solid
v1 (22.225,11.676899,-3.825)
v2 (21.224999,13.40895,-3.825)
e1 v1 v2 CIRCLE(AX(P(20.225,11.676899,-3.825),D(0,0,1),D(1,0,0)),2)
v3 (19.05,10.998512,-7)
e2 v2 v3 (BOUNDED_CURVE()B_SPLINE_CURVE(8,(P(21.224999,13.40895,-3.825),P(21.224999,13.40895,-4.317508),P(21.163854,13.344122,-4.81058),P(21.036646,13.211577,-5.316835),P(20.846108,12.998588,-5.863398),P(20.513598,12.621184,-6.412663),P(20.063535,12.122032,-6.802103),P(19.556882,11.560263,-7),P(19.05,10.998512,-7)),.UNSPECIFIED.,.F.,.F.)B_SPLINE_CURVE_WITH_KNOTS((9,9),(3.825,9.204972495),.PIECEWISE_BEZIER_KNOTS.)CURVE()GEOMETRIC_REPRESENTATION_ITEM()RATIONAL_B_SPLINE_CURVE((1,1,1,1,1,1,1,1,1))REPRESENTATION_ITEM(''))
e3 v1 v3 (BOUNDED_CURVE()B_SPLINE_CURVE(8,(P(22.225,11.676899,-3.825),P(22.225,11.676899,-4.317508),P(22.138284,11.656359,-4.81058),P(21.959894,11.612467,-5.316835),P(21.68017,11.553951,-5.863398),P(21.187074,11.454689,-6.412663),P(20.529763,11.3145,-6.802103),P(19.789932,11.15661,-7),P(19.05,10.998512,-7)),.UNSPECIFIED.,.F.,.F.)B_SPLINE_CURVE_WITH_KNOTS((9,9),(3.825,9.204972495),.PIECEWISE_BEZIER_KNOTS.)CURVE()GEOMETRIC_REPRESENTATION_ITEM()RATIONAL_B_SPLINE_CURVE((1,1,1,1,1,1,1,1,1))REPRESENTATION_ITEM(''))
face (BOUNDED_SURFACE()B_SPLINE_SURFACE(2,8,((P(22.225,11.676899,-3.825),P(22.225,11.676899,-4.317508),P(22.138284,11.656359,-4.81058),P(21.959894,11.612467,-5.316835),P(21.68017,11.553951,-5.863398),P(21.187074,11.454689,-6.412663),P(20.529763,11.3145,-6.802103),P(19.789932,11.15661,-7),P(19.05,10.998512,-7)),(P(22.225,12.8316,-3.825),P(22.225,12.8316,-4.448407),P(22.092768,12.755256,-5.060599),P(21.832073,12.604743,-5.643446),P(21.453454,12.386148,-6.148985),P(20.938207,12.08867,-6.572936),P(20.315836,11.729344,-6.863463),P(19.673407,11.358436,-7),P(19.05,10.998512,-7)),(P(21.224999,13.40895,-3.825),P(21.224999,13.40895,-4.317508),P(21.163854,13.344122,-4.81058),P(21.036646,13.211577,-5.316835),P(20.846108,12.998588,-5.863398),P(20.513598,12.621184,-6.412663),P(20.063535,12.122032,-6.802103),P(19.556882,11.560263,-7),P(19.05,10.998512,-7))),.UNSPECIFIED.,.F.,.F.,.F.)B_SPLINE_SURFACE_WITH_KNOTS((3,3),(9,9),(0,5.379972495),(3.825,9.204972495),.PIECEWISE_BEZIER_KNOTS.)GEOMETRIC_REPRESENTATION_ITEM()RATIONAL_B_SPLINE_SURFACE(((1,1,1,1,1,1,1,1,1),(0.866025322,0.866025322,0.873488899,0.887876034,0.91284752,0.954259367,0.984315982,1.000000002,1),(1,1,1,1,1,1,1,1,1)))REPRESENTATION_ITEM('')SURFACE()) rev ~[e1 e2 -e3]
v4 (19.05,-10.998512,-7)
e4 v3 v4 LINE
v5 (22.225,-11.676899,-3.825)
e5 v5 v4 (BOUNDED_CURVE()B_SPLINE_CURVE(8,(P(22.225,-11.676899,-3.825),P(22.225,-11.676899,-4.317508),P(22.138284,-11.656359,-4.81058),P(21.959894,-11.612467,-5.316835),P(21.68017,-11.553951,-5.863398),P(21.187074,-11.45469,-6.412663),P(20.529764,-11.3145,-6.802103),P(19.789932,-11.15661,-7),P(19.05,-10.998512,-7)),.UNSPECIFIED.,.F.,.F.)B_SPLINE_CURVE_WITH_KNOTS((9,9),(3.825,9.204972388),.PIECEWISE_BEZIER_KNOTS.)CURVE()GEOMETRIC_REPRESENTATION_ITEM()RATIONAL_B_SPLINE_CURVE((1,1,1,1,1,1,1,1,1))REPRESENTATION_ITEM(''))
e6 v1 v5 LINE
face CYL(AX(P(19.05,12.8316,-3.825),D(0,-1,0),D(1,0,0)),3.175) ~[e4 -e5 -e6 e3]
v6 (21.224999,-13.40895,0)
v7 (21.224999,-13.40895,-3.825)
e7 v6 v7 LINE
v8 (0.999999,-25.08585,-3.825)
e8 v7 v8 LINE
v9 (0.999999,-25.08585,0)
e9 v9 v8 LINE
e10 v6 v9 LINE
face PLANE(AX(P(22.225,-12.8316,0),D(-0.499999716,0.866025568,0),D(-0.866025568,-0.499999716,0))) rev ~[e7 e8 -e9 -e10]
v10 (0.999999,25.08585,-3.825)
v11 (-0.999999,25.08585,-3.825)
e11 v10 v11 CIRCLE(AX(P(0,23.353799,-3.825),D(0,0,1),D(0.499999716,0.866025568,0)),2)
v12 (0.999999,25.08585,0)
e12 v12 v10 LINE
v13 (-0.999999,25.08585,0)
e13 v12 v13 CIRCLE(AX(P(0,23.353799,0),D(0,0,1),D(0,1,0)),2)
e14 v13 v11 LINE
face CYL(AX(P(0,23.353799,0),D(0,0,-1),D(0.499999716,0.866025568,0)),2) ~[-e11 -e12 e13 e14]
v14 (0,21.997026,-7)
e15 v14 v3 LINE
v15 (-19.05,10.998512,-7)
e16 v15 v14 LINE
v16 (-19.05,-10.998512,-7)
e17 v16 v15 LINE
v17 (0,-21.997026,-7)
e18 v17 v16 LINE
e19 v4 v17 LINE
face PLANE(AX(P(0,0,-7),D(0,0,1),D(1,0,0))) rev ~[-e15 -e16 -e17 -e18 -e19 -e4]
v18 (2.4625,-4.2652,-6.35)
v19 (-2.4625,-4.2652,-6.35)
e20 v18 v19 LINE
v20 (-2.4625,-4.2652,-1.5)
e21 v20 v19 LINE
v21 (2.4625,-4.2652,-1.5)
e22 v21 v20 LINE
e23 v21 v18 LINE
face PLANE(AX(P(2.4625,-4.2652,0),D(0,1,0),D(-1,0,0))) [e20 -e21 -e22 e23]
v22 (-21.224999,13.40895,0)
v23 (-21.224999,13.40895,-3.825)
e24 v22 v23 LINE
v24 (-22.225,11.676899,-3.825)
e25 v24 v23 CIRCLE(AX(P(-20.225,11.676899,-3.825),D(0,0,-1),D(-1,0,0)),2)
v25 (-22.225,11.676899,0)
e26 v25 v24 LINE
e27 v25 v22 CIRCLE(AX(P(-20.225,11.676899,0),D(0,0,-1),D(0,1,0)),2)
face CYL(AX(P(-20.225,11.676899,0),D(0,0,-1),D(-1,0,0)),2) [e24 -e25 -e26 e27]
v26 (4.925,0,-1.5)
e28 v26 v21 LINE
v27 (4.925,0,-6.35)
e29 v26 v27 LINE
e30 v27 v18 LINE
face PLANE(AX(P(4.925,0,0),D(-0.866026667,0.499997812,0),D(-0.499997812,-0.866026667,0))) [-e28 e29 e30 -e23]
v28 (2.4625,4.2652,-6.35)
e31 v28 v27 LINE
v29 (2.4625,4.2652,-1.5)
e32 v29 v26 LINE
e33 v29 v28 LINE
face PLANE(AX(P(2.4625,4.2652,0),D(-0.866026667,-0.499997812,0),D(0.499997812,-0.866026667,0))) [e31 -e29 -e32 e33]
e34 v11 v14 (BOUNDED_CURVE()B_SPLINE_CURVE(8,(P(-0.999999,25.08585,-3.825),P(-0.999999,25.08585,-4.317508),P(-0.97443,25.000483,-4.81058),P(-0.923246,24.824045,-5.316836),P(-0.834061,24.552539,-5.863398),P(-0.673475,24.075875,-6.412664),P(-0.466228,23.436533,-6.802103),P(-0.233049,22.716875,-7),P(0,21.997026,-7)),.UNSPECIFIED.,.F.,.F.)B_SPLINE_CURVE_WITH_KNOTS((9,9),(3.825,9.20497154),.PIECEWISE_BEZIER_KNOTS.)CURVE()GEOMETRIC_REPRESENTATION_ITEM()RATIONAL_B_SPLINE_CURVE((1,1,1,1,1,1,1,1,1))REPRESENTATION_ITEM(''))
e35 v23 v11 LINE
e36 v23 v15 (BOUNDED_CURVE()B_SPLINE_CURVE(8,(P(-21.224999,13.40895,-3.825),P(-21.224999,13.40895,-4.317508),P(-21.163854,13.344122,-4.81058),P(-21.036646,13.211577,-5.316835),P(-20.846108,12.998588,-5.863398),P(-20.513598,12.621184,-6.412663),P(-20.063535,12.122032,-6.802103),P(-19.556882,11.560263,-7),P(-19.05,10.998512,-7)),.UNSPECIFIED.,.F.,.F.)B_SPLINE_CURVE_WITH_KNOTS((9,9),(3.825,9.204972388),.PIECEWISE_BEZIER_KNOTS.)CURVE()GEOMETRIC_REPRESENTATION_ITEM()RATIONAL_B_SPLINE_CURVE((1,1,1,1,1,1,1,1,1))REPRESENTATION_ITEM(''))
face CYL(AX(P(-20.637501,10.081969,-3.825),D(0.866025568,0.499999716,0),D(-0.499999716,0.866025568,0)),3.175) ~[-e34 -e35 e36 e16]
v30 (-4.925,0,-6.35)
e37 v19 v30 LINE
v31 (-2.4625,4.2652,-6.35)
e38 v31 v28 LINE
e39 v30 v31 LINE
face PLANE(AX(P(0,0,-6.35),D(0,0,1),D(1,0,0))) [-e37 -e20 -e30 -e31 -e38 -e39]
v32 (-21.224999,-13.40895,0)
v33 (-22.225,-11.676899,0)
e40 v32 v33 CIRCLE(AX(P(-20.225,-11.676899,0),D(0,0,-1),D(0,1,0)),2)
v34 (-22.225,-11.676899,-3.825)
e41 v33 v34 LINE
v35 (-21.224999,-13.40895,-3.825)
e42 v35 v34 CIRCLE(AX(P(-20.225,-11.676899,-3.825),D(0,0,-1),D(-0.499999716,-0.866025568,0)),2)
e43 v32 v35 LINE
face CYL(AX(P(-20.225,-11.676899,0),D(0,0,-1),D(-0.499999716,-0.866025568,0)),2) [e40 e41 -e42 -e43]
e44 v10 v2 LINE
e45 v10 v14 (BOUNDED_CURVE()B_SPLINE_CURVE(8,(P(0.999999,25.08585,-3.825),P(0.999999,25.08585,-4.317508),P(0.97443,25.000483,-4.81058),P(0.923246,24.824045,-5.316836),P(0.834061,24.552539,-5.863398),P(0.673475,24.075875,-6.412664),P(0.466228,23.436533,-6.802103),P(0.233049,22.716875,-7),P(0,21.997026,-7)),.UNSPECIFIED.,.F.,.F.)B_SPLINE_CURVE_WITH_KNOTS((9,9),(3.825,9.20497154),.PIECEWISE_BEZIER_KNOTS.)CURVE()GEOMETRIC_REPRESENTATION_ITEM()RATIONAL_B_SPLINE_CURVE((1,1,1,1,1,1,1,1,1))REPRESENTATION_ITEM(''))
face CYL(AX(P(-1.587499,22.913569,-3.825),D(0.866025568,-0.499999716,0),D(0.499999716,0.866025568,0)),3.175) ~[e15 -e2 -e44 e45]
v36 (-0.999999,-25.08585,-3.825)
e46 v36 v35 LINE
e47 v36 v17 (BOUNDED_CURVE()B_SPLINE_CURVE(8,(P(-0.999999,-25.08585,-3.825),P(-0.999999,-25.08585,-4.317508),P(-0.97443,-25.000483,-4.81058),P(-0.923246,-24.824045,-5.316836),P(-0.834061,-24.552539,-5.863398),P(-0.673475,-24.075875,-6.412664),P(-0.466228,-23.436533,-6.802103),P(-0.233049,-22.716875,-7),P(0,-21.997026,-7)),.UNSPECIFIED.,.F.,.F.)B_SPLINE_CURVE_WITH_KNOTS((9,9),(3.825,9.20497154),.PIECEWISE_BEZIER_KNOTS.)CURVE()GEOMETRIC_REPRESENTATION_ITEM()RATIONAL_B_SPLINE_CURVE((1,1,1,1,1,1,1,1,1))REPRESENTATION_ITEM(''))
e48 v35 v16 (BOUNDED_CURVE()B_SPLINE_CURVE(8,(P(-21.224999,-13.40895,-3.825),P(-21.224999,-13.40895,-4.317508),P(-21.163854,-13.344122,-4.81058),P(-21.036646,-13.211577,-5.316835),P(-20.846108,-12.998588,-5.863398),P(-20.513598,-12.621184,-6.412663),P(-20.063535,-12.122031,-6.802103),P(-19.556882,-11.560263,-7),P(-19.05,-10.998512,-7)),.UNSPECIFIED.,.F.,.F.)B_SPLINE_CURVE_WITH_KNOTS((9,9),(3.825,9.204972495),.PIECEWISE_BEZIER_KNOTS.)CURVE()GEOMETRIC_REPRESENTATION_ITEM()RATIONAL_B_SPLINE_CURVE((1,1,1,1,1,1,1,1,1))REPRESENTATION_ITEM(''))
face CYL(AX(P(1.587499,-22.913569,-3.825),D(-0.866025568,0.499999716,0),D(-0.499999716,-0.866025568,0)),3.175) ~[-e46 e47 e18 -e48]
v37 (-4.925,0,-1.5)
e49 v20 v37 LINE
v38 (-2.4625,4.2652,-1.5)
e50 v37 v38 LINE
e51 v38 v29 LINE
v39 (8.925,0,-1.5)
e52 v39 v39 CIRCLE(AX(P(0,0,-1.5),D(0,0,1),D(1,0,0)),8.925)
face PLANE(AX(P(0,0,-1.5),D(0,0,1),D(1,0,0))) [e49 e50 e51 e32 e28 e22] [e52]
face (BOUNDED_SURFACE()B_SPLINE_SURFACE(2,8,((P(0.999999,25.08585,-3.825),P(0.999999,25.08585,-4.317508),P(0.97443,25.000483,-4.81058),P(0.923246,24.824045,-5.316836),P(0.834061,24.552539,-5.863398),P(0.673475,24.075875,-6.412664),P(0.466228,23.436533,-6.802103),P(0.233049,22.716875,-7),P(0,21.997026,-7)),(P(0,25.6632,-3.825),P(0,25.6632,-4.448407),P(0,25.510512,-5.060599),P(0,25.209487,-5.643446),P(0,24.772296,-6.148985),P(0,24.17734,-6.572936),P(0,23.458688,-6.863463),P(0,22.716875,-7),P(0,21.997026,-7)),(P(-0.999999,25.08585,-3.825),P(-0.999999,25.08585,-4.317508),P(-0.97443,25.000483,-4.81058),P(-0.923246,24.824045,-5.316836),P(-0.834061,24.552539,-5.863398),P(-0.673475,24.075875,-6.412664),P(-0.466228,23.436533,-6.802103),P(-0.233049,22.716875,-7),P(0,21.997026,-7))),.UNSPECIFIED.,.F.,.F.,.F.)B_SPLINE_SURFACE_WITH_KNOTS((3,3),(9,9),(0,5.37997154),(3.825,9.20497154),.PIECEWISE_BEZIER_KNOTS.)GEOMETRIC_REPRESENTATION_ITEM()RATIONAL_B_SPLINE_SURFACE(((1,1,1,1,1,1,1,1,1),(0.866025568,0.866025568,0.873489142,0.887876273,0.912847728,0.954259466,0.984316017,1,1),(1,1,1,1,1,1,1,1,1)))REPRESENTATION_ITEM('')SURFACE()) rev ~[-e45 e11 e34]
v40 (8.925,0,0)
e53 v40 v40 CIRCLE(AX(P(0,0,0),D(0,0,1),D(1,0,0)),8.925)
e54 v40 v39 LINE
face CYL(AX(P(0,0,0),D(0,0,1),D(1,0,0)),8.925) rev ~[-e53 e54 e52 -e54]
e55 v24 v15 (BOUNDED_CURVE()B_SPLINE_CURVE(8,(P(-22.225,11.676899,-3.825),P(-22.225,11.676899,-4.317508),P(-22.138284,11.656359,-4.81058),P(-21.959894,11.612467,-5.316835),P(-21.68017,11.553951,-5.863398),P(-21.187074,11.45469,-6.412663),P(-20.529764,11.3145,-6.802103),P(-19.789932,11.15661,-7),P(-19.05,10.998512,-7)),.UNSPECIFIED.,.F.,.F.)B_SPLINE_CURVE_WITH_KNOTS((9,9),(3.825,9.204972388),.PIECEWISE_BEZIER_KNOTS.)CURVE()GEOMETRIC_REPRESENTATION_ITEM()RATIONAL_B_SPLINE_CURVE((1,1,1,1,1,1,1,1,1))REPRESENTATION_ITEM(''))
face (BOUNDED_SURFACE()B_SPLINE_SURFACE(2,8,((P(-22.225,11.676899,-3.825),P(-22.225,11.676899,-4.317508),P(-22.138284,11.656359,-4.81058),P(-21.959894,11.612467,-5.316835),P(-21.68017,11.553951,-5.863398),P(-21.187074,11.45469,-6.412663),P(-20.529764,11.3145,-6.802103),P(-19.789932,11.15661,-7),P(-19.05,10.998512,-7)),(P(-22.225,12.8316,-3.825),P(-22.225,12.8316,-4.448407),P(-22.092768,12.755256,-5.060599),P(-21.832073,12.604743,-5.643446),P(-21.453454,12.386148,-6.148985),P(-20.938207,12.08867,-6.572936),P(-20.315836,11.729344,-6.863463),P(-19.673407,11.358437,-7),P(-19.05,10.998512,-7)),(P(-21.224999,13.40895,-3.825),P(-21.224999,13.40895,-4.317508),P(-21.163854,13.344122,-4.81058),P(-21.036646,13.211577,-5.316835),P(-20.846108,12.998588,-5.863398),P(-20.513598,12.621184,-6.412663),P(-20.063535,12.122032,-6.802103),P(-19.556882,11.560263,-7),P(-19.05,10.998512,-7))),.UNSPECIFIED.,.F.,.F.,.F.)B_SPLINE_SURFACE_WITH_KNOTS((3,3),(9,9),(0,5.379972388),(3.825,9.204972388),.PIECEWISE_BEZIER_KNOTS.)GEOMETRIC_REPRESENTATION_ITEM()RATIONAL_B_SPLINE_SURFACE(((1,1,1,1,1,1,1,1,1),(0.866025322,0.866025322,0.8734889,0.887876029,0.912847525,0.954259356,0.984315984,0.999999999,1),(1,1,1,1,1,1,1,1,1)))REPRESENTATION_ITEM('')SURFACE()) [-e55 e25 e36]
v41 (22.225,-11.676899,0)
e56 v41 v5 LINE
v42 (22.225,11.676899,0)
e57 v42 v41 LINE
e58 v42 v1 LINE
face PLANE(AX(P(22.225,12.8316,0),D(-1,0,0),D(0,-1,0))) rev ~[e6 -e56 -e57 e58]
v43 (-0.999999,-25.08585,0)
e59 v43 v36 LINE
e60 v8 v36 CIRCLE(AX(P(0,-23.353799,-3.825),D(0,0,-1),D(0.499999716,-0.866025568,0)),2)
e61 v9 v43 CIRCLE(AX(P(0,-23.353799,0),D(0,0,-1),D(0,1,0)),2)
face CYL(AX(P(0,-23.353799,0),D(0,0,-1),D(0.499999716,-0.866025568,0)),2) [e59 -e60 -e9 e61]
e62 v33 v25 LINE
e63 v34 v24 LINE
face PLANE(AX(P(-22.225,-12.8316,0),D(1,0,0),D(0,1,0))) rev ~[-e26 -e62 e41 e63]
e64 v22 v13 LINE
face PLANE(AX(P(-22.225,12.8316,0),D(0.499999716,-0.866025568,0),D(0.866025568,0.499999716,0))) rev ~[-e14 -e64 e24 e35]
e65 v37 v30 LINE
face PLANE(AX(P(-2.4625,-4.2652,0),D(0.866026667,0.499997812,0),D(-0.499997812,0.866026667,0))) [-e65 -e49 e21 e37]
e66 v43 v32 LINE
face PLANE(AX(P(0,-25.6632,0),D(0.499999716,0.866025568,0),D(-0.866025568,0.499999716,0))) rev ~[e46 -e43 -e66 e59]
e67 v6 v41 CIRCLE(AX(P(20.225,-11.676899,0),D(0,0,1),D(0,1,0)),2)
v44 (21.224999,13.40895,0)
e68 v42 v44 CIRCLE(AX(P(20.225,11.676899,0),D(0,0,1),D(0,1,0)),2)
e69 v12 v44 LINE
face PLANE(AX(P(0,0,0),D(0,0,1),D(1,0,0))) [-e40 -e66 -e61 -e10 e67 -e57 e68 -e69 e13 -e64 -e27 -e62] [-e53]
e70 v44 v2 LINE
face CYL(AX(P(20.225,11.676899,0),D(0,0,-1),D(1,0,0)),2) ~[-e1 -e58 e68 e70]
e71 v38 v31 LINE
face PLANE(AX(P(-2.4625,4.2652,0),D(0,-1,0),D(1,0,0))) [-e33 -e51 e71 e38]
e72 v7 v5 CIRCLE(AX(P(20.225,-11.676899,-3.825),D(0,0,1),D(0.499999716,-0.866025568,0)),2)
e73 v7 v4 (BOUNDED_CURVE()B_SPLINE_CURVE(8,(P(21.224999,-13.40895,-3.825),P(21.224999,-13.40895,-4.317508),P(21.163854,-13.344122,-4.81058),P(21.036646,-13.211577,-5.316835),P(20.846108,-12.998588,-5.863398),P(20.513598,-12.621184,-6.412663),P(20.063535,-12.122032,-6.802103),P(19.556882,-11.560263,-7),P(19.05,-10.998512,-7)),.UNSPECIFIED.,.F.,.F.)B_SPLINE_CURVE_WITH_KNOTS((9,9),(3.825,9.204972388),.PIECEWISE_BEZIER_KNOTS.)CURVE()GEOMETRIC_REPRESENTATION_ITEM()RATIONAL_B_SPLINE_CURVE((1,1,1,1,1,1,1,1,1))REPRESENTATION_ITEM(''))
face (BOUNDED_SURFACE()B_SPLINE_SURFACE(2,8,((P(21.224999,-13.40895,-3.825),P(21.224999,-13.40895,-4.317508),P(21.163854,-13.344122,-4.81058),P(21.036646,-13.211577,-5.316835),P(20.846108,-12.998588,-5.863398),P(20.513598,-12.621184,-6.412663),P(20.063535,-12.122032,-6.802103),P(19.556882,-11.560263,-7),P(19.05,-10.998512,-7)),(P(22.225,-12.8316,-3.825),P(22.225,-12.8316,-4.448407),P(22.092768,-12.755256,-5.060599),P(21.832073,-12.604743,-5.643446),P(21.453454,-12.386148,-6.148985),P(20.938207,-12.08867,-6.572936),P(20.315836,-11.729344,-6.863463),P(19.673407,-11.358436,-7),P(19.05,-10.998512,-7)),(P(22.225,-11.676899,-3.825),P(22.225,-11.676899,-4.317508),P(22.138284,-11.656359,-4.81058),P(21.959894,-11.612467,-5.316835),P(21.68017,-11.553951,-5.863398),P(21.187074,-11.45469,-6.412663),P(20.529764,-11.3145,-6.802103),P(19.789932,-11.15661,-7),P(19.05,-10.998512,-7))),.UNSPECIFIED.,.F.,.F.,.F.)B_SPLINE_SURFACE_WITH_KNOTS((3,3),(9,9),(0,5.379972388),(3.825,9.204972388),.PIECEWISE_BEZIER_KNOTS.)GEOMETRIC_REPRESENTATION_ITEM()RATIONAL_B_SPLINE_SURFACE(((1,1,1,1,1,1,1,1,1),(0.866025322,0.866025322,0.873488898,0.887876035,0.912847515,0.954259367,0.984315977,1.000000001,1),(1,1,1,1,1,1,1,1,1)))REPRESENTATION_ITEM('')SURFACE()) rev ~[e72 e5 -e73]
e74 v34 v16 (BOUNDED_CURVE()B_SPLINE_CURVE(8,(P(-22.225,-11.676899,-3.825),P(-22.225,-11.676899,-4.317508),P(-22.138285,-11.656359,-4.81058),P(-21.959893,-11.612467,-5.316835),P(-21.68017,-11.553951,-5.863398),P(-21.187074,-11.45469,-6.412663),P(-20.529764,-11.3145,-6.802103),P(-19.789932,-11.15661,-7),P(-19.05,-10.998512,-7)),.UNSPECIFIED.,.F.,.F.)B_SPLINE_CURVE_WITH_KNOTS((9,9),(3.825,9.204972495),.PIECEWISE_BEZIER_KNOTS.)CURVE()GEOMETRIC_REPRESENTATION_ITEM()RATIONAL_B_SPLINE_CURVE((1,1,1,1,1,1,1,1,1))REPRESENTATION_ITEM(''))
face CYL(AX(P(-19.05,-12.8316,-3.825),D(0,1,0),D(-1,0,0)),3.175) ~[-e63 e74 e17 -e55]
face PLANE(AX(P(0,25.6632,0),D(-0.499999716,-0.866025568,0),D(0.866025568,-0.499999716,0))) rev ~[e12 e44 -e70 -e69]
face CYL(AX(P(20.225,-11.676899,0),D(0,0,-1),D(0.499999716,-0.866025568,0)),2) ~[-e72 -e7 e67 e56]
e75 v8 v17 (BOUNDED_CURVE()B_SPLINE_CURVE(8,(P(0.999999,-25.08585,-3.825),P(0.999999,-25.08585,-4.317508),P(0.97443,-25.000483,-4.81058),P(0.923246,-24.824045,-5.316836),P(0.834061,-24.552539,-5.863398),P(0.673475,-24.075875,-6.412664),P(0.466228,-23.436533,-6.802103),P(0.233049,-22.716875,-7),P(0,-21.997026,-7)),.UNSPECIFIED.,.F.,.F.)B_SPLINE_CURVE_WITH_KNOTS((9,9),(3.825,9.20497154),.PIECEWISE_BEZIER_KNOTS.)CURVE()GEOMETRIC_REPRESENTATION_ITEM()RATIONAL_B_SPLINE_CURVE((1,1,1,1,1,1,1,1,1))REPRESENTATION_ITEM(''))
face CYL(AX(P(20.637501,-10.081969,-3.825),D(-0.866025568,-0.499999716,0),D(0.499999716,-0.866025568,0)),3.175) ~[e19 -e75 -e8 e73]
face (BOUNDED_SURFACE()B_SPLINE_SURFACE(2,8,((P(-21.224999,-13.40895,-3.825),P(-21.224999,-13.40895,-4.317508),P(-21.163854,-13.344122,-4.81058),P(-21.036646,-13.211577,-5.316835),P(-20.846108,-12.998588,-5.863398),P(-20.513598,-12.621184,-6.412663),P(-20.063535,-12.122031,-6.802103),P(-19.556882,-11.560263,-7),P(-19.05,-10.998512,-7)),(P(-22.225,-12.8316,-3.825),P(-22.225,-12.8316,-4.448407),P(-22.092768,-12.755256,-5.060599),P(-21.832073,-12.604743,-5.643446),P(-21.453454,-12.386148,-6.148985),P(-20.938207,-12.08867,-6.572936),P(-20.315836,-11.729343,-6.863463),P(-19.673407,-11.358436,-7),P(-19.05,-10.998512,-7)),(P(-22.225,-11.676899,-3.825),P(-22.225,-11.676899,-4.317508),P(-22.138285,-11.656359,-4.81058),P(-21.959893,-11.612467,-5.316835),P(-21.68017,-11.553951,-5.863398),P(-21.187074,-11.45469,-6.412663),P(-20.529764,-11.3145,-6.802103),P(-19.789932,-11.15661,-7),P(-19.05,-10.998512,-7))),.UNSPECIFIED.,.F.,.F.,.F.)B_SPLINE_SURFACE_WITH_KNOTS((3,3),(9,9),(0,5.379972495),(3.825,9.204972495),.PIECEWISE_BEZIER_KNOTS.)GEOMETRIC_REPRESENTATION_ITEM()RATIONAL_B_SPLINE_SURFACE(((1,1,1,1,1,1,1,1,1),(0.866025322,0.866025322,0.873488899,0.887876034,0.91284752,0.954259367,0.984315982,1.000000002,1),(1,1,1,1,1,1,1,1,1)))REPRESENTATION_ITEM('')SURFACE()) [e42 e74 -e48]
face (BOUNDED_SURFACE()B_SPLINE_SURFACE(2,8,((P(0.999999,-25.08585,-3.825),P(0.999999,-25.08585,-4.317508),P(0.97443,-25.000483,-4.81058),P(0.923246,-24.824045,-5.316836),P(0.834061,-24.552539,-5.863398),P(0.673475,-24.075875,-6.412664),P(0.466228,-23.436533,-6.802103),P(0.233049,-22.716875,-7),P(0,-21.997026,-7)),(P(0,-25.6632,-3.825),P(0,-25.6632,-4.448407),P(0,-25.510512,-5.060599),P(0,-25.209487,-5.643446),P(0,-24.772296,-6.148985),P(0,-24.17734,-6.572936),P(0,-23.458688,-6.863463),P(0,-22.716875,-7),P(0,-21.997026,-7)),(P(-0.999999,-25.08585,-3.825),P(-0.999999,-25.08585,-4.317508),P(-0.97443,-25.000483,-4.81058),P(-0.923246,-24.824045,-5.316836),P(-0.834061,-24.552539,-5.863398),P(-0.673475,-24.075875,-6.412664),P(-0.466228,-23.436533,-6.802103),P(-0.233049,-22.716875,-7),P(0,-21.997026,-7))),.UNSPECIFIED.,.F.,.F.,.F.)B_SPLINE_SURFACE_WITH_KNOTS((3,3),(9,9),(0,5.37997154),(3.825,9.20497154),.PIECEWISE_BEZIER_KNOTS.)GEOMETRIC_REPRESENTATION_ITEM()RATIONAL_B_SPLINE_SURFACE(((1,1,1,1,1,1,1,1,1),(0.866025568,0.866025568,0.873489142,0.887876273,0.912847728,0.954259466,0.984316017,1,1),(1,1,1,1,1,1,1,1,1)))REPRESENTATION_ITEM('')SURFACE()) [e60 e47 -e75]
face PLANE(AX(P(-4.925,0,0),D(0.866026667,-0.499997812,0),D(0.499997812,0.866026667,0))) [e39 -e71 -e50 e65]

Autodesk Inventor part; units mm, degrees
ref_plane "YZ Plane" through (0, 0, 0) normal (1, 0, 0) x (0, 1, 0)
ref_plane "XZ Plane" through (0, 0, 0) normal (0, 1, 0) x (-1, 0, 0)
ref_plane "XY Plane" through (0, 0, 0) normal (0, 0, 1) x (1, 0, 0)
sketch "BaseProfile" plane through (0, 0, 0) normal (0, 0, 1) x (1, 0, 0)
  circle A0 centre (0, 0) radius 4.925
  circle A1 centre (0, 0) radius 8.925
  line L0 (22.225, -12.8316) -> (0, -25.6632)
  line L1 (0, -25.6632) -> (-22.225, -12.8316)
  line L2 (-22.225, -12.8316) -> (-22.225, 12.8316)
  line L3 (-22.225, 12.8316) -> (0, 25.6632)
  line L4 (0, 25.6632) -> (22.225, 12.8316)
  line L5 (22.225, 12.8316) -> (22.225, -12.8316)
  line L6 (0, -35.9285) -> (0, 35.9285) construction
  line L7 (2.4625, 4.2652) -> (4.925, 0)
  line L8 (4.925, 0) -> (2.4625, -4.2652)
  line L9 (2.4625, -4.2652) -> (-2.4625, -4.2652)
  line L10 (-2.4625, -4.2652) -> (-4.925, 0)
  line L11 (-4.925, 0) -> (-2.4625, 4.2652)
  line L12 (-2.4625, 4.2652) -> (2.4625, 4.2652)
  dimension "d0" = 9.85
  dimension "d1" = 17.85
  dimension "d2" = 44.45
extrude "Extrusion1" add sketch "BaseProfile" against normal blind 7 contours L7 A0 | L8 L9 L10 L11 L12 L7 | A0 L8 | L12 A0 | A0 L9 | L11 A0 | A0 L10 | A1 | L0 L1 L2 L3 L4 L5
extrude "Extrusion2" cut sketch "BaseProfile" against normal blind 1.5 contours L7 A0 | L8 L9 L10 L11 L12 L7 | A0 L8 | L12 A0 | A0 L9 | L11 A0 | A0 L10 | A1
extrude "Extrusion4" cut sketch "BaseProfile" against normal blind 6.35 contours L8 L9 L10 L11 L12 L7
fillet "Fillet1" radius 3.175 6 edges at (-11.1125, -19.2474, -7) (11.1125, -19.2474, -7) (22.225, 0, -7) (-22.225, 0, -7) (-11.1125, 19.2474, -7) (11.1125, 19.2474, -7)
fillet "Fillet2" radius 2 12 edges at (21.2951, -12.2947, -6.0701) (22.225, -12.8316, -1.9125) (21.2951, 12.2947, -6.0701) (22.225, 12.8316, -1.9125) (0, -24.5894, -6.0701) (0, -25.6632, -1.9125) (-21.2951, -12.2947, -6.0701) (-22.225, -12.8316, -1.9125) (-21.2951, 12.2947, -6.0701) (-22.225, 12.8316, -1.9125) (0, 24.5894, -6.0701) (0, 25.6632, -1.9125)
properties part number "pad"
